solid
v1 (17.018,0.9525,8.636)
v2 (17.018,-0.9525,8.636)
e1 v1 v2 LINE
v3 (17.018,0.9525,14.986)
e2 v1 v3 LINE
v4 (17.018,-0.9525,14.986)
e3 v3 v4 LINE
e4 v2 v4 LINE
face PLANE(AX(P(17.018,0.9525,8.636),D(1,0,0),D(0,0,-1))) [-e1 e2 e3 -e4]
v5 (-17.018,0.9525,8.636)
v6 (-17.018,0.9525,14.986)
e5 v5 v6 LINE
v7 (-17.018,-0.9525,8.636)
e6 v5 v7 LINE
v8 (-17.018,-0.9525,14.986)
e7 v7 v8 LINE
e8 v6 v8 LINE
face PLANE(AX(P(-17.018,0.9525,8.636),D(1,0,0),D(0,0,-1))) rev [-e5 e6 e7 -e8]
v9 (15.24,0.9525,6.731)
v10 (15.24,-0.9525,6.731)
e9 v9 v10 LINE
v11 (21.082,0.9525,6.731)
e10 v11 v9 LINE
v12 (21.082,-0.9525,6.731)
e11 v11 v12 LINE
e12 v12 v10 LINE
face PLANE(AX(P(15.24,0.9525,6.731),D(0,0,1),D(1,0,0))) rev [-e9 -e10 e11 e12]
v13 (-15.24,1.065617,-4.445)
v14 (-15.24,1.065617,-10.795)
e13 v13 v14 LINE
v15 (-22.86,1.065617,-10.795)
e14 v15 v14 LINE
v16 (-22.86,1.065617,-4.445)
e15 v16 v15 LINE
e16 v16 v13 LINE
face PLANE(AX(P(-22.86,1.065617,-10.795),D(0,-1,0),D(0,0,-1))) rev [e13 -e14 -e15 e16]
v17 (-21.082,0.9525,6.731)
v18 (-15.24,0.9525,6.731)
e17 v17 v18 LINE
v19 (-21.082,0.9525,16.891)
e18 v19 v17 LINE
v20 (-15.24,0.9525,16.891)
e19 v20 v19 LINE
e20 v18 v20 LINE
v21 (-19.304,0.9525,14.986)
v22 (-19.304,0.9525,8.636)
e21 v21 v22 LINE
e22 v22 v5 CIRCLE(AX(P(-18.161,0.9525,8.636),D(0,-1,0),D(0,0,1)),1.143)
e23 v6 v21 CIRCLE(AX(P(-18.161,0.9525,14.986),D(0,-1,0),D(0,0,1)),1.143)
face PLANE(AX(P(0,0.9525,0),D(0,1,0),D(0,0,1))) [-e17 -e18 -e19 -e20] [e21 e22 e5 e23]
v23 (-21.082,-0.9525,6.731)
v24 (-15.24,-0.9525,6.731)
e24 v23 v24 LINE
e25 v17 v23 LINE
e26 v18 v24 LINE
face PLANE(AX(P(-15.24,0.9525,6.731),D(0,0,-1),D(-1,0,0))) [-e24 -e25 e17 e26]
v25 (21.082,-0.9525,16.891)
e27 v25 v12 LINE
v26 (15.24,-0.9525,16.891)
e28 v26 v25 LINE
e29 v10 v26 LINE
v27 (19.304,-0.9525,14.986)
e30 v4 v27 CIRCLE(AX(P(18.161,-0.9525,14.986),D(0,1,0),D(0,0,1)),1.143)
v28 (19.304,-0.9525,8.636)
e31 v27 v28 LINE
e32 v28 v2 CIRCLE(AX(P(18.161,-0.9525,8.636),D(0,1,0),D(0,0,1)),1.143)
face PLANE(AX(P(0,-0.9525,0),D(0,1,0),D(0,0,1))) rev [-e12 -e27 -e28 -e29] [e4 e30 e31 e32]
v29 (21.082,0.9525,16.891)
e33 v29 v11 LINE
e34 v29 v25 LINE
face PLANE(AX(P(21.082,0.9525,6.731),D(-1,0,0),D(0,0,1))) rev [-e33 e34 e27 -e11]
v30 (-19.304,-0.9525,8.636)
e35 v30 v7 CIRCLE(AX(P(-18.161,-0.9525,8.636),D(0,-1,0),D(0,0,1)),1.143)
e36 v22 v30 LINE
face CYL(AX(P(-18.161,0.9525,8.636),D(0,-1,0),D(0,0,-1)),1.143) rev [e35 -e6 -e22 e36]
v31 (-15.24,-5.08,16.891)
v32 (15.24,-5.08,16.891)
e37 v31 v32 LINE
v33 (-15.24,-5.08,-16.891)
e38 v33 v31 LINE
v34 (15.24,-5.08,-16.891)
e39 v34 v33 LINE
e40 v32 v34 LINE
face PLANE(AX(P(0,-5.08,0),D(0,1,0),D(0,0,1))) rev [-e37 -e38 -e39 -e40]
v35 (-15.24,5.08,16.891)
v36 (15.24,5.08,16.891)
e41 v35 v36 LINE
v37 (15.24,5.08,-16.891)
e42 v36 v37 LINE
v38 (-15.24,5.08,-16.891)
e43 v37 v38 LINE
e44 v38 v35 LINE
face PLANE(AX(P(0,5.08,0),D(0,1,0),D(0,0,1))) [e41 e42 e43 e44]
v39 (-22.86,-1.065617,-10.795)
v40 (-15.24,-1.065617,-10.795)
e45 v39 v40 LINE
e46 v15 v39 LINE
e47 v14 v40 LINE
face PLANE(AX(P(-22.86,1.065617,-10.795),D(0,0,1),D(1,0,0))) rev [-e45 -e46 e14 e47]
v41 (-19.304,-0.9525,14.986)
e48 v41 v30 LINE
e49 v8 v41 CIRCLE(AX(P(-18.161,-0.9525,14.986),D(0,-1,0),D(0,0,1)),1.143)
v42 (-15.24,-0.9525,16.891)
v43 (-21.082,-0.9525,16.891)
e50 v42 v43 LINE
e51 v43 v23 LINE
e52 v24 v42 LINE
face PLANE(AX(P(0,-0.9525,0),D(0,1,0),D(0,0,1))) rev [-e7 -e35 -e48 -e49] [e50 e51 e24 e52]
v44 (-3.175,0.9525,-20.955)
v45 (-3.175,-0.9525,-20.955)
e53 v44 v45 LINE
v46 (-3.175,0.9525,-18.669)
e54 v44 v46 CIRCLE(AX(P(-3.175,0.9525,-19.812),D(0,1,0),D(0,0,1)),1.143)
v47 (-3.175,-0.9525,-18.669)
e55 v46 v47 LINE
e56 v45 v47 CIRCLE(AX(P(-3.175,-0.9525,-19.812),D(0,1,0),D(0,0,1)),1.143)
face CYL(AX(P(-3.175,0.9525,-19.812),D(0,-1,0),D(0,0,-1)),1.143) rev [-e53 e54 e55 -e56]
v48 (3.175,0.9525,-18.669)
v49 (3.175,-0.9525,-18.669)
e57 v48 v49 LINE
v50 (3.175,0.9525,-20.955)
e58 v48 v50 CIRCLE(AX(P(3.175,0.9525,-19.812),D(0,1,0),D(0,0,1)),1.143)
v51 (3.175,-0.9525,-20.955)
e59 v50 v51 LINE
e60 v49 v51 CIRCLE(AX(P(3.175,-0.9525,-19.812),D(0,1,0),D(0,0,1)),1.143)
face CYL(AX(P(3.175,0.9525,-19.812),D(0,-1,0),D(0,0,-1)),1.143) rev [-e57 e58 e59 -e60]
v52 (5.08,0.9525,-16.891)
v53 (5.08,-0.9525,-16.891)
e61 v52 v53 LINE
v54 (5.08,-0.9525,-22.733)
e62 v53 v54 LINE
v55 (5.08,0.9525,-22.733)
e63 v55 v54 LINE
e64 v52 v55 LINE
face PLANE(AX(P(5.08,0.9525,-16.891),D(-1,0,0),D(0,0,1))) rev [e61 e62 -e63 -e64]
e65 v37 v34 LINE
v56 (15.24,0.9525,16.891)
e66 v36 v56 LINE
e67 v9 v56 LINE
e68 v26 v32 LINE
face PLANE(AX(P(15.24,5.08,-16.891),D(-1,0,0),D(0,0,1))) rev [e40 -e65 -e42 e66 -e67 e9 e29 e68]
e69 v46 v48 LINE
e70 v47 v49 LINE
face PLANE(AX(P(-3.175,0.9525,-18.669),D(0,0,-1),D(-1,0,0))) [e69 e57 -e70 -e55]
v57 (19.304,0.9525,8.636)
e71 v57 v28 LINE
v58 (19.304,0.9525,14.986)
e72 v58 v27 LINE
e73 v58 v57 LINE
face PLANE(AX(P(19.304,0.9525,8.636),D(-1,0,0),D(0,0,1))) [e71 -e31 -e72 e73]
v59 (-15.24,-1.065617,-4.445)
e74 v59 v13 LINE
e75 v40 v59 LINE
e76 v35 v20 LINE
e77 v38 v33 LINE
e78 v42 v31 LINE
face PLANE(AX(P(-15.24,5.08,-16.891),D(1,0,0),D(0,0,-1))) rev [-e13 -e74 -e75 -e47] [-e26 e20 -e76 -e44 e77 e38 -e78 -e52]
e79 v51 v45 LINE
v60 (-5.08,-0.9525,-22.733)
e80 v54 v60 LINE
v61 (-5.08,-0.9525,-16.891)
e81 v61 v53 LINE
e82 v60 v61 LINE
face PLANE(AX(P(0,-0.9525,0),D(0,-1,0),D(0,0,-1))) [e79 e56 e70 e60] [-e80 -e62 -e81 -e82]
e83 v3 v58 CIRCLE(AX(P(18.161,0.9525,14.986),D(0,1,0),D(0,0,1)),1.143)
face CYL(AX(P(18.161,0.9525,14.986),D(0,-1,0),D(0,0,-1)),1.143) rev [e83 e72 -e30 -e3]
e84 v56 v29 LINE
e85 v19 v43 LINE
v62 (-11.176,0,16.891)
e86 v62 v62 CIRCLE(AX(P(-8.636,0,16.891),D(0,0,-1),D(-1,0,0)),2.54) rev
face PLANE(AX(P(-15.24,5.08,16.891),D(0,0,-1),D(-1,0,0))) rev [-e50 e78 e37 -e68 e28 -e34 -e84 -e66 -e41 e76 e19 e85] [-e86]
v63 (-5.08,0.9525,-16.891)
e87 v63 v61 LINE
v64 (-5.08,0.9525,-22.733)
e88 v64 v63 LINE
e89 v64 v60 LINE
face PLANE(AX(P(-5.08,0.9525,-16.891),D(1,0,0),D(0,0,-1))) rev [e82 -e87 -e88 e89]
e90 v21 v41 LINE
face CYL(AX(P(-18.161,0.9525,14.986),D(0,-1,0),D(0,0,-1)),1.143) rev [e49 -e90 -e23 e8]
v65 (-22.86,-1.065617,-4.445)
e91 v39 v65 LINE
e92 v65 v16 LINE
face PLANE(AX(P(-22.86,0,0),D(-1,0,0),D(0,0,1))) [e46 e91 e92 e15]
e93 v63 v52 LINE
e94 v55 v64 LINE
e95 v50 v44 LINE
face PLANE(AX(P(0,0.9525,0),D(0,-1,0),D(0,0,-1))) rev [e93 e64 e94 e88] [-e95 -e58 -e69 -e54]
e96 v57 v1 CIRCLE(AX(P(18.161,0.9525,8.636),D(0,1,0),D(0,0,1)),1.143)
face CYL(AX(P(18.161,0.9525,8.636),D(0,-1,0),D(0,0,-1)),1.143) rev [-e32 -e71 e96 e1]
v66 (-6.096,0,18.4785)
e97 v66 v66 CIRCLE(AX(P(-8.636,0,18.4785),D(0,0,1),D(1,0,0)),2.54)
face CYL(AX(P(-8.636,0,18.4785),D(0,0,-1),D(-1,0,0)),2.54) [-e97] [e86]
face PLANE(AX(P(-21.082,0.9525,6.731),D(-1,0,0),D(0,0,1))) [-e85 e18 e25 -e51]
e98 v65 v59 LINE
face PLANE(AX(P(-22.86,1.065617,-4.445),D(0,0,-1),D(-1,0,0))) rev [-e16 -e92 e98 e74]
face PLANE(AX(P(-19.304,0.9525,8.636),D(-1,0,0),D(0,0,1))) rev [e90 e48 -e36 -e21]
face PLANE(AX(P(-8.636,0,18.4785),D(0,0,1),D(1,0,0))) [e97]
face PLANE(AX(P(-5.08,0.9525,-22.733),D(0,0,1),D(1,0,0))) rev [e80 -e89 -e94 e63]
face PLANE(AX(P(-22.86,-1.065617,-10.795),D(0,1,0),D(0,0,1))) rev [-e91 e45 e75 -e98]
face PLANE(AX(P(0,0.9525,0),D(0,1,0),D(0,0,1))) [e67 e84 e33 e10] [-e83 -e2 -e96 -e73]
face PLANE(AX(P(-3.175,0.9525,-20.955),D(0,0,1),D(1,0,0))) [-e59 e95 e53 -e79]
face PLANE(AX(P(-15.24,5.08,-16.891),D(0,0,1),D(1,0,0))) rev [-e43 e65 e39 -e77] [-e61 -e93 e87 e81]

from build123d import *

# Parameters (mm, degrees)
SKETCH1_W           = 30.48
SKETCH1_H           = 33.782
BOSS_EXTRUDE1_DEPTH = 5.08
SKETCH2_R           = 2.54
BOSS_EXTRUDE2_DEPTH = 1.5875
SKETCH3_W           = 5.842
SKETCH3_H           = 10.16
BOSS_EXTRUDE3_DEPTH = 0.9525
SKETCH4_W           = 10.16
SKETCH4_H           = 5.842
BOSS_EXTRUDE4_DEPTH = 0.9525
SKETCH5_W           = 6.35
SKETCH5_H           = 2.131234452
BOSS_EXTRUDE5_DEPTH = 7.62


with BuildPart() as part:
    # Sketch1 → Boss-Extrude1 (new body, symmetric)
    with BuildSketch(Plane(origin=(0, 0, 0), x_dir=(1, 0, 0), z_dir=(0, 1, 0))):
        Rectangle(SKETCH1_W, SKETCH1_H)
    extrude(amount=BOSS_EXTRUDE1_DEPTH, both=True)

    # Sketch2 → Boss-Extrude2 (add, symmetric)
    with BuildSketch(Plane.XY.offset(16.891)):
        with Locations((-8.636, 0)):
            Circle(SKETCH2_R)
    extrude(amount=BOSS_EXTRUDE2_DEPTH, both=True)

    # Sketch3 → Boss-Extrude3 (add, symmetric)
    with BuildSketch(Plane(origin=(0, 0, 0), x_dir=(1, 0, 0), z_dir=(0, 1, 0))):
        with Locations((18.161, -11.811)):
            Rectangle(SKETCH3_W, SKETCH3_H)
        with BuildLine():
            Line((19.304, -8.636), (19.304, -14.986))
            ThreePointArc((19.304, -14.986), (18.161, -16.129), (17.018, -14.986))
            Line((17.018, -14.986), (17.018, -8.636))
            ThreePointArc((17.018, -8.636), (18.161, -7.493), (19.304, -8.636))
        make_face(mode=Mode.SUBTRACT)
    boss_extrude3 = extrude(amount=BOSS_EXTRUDE3_DEPTH, both=True)

    # Mirror1: Boss-Extrude3 across plane
    add(boss_extrude3.mirror(Plane(origin=(0, 0, 0), x_dir=(0, 0, 1), z_dir=(1, 0, 0))))

    # Sketch4 → Boss-Extrude4 (add, symmetric)
    with BuildSketch(Plane(origin=(0, 0, 0), x_dir=(1, 0, 0), z_dir=(0, 1, 0))):
        with Locations((0, 19.812)):
            Rectangle(SKETCH4_W, SKETCH4_H)
        with BuildLine():
            Line((-3.175, 20.955), (3.175, 20.955))
            ThreePointArc((3.175, 20.955), (4.318, 19.812), (3.175, 18.669))
            Line((3.175, 18.669), (-3.175, 18.669))
            ThreePointArc((-3.175, 18.669), (-4.318, 19.812), (-3.175, 20.955))
        make_face(mode=Mode.SUBTRACT)
    extrude(amount=BOSS_EXTRUDE4_DEPTH, both=True)

    # Sketch5 → Boss-Extrude5 (add)
    with BuildSketch(Plane.ZY.offset(15.24)):
        with Locations((-7.62, 0)):
            Rectangle(SKETCH5_W, SKETCH5_H)
    extrude(amount=BOSS_EXTRUDE5_DEPTH)


solid = part.part
